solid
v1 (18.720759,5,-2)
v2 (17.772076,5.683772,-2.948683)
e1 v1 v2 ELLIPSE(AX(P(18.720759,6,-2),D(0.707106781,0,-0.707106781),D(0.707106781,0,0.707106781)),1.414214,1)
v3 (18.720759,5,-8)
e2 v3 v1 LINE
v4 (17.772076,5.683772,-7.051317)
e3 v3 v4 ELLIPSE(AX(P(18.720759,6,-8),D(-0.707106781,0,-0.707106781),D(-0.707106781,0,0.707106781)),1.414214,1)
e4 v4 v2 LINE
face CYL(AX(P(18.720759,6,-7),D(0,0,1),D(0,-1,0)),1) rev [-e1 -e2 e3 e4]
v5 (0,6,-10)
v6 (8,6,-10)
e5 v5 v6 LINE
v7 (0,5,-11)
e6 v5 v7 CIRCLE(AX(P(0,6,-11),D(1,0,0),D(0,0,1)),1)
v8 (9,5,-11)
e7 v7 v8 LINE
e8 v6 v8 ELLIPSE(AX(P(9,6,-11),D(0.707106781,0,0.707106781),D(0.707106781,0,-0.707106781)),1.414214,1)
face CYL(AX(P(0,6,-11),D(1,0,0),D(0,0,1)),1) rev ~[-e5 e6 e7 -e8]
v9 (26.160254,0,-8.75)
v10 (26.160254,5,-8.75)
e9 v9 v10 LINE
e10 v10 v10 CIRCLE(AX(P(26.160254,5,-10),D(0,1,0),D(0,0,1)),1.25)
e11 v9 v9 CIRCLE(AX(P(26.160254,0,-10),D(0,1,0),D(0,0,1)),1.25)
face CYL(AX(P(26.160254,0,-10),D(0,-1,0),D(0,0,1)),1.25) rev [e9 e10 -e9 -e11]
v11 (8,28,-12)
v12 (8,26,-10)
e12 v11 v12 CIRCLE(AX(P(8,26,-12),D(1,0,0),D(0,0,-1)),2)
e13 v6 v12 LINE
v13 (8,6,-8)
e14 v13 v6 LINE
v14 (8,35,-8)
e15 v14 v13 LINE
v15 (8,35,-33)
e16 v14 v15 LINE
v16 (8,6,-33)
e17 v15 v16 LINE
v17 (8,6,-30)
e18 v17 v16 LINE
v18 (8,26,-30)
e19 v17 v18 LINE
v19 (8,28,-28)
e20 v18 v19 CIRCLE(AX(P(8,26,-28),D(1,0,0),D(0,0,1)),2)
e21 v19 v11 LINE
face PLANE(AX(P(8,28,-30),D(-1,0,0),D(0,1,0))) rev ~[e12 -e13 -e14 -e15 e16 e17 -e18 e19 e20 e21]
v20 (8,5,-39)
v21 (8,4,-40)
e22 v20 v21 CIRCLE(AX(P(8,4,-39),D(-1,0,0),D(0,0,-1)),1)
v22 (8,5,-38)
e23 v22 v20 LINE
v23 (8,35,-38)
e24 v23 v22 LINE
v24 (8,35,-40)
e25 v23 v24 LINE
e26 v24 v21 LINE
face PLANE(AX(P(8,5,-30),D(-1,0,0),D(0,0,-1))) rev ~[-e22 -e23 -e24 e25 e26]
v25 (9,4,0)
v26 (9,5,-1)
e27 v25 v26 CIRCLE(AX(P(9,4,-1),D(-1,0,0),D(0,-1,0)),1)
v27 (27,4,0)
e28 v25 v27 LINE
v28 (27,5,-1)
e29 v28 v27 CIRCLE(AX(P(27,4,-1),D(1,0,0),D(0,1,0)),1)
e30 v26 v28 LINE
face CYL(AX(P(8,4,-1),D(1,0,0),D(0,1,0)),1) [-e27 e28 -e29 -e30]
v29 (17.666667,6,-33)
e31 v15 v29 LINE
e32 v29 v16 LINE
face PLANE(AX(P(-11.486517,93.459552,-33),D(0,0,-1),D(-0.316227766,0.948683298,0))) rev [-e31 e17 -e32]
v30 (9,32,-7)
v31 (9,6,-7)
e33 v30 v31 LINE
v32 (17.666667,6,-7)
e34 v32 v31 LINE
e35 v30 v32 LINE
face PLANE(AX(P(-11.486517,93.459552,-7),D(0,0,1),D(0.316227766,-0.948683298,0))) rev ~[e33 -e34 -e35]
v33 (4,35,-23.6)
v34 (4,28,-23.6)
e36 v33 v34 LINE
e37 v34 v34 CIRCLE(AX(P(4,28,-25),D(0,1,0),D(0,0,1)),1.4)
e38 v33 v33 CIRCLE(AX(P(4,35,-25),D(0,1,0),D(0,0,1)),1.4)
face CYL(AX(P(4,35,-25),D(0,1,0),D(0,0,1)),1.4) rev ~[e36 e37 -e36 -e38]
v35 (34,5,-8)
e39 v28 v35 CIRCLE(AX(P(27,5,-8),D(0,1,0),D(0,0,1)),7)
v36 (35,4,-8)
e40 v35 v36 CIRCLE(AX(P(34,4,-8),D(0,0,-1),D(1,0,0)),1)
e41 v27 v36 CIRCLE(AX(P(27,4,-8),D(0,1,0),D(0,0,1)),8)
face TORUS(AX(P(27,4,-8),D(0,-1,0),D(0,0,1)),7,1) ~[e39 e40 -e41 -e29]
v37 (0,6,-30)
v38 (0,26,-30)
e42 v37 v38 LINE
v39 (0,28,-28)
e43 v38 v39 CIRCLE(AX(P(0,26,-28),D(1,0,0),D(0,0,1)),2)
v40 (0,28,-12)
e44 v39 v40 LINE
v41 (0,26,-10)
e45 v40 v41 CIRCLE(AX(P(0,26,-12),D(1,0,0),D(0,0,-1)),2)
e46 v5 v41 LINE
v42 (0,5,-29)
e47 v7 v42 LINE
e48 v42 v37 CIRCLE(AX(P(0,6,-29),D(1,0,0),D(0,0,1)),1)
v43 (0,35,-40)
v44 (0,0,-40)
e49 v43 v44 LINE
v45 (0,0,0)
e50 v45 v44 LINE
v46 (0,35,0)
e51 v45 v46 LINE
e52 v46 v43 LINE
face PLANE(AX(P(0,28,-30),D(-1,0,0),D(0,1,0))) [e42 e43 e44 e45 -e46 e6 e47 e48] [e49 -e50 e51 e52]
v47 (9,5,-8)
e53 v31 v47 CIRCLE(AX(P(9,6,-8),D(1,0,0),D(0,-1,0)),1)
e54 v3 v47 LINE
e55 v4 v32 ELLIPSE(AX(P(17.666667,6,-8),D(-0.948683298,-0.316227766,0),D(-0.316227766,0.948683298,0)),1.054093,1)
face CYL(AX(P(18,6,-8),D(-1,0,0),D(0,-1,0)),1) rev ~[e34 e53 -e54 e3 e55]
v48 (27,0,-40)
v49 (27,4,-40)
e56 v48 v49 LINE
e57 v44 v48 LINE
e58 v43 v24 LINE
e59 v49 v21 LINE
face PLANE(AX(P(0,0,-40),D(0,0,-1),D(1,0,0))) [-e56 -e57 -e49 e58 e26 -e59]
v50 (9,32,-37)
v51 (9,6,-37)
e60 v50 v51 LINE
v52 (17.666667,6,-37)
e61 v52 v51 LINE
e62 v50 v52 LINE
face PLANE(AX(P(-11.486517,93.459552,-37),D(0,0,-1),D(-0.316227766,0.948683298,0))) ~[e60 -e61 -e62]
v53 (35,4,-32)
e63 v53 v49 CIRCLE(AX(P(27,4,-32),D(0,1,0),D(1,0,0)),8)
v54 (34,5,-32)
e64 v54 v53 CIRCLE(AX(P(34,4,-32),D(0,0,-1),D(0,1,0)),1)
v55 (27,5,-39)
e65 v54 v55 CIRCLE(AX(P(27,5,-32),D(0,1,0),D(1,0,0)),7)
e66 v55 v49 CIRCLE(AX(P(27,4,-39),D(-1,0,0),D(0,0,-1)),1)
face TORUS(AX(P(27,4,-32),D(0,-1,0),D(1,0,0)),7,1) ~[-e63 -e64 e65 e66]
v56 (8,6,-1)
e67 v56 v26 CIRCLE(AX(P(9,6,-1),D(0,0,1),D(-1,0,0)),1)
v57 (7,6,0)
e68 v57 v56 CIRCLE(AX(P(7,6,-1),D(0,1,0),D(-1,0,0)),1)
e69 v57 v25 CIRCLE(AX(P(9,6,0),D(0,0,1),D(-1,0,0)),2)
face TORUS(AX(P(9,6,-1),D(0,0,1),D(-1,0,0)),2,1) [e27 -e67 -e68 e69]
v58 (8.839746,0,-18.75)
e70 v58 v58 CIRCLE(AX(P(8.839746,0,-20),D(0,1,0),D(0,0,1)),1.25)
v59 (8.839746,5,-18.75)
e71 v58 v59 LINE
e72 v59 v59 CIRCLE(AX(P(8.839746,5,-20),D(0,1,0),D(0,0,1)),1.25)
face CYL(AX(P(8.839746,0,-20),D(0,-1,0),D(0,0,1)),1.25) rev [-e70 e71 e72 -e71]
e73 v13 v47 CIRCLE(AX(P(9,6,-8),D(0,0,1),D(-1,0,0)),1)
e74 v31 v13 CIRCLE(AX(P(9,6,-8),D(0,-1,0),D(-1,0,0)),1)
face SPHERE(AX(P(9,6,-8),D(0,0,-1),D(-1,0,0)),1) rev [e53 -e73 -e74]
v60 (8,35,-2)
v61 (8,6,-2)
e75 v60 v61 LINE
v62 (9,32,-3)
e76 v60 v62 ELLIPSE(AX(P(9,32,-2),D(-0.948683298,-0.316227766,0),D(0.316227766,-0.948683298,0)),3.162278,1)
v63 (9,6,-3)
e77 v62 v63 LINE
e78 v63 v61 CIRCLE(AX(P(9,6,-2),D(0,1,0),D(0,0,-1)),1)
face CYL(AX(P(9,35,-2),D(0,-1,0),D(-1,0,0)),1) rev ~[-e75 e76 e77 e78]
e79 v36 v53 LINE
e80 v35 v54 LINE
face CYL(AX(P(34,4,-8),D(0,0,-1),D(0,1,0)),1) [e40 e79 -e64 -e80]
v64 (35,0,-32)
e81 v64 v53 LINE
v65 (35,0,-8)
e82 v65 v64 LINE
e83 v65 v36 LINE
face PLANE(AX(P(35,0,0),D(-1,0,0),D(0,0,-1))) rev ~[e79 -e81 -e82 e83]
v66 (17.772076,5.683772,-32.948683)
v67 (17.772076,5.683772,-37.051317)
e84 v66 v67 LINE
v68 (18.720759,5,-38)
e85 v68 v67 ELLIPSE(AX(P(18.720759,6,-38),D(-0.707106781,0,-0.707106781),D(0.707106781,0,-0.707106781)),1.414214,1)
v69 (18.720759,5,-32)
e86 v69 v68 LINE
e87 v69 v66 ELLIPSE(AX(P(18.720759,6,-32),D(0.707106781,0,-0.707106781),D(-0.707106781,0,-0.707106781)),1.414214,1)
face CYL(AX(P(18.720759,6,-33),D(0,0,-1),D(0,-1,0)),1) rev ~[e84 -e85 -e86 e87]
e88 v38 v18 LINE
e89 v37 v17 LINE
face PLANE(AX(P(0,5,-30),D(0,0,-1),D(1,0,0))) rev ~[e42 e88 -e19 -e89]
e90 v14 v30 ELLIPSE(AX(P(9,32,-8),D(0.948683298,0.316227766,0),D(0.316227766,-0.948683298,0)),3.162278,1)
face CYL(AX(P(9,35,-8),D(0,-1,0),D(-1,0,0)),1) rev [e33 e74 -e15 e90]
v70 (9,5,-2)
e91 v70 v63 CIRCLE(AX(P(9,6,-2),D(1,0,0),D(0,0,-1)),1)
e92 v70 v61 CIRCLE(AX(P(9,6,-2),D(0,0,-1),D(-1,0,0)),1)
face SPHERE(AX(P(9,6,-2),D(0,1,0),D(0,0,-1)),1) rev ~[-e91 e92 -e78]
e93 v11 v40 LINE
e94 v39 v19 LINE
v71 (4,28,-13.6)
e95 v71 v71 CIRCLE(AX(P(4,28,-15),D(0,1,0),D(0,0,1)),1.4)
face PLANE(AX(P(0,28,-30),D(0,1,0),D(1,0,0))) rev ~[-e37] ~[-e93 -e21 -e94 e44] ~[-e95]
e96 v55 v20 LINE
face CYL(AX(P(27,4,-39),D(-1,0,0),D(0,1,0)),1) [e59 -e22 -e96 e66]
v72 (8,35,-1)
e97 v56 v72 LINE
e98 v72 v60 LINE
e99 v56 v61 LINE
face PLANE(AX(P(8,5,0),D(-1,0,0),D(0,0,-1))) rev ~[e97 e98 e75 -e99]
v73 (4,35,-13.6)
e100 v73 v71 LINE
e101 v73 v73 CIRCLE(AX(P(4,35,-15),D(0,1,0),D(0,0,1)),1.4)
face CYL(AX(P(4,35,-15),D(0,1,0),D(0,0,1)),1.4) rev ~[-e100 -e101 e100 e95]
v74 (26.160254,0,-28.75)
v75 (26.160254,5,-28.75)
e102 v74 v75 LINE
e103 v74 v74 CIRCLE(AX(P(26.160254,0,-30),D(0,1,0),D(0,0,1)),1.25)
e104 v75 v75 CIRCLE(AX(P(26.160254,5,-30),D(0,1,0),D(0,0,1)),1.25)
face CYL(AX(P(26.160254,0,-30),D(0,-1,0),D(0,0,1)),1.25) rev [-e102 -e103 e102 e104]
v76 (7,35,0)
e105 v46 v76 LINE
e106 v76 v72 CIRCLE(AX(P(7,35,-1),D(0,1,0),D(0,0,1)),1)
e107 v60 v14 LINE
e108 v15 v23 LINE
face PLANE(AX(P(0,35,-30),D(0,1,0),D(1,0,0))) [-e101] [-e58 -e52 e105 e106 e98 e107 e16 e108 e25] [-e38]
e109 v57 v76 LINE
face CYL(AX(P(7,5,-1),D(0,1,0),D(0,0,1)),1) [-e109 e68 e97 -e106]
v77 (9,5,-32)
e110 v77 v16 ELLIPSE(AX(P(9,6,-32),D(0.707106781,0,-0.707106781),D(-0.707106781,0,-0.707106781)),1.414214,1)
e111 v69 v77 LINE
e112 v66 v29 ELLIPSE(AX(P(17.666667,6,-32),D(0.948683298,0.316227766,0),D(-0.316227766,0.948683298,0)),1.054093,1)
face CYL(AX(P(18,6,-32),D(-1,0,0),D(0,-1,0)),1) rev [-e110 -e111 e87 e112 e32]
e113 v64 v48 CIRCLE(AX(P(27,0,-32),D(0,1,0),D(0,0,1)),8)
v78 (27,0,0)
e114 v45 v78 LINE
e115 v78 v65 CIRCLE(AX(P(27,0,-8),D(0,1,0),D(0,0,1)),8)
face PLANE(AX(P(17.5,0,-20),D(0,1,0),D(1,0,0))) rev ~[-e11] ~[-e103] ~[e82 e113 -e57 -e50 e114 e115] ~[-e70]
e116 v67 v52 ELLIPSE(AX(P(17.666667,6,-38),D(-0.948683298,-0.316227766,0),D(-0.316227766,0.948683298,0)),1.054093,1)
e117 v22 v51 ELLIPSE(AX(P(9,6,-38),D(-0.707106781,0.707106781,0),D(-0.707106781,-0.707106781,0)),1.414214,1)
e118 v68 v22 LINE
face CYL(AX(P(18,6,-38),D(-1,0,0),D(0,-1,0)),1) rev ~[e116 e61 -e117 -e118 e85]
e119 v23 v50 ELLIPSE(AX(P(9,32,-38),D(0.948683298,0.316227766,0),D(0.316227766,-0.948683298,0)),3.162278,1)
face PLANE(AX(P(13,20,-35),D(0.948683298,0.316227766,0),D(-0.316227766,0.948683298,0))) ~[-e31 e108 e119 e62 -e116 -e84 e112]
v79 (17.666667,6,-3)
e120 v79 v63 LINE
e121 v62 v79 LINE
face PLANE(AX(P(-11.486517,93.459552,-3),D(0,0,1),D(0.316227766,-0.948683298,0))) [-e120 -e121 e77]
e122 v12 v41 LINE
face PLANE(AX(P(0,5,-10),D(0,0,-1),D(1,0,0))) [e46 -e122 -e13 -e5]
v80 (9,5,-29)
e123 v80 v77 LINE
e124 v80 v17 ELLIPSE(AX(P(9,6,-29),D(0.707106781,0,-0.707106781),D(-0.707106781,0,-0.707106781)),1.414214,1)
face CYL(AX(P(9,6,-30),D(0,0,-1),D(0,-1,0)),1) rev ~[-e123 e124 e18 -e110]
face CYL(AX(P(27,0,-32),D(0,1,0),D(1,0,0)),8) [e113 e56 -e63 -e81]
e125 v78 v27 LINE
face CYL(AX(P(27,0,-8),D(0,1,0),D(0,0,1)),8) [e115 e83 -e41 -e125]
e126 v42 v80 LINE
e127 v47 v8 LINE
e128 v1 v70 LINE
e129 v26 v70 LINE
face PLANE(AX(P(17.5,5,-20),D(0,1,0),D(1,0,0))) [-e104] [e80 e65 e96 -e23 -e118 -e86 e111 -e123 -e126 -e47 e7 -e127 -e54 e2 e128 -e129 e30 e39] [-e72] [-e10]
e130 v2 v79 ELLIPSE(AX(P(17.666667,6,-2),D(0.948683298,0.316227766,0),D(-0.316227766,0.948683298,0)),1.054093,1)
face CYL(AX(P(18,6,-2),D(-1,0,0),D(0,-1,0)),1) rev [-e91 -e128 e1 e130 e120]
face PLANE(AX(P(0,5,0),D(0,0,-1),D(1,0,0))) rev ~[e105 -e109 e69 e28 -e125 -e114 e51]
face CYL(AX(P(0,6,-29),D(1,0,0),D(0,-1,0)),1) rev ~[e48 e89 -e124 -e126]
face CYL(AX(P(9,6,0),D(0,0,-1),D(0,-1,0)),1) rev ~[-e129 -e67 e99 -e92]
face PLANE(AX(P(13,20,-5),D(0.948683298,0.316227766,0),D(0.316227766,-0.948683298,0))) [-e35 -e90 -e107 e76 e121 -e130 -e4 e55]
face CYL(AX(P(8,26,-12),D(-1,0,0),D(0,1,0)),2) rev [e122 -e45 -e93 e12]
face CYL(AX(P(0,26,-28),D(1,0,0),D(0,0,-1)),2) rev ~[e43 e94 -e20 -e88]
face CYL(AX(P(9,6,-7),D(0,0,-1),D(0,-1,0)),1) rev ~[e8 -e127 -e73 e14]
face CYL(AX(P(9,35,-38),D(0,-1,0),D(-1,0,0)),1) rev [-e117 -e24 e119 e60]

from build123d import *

# Parameters (mm, degrees)
SKETCH1_W           = 35
SKETCH1_H           = 40
SKETCH1_R           = 1.25
BOSS_EXTRUDE1_DEPTH = 5
FILLET1_R           = 8
FILLET2_R           = 8
SKETCH2_W           = 8
SKETCH2_H           = 10
BOSS_EXTRUDE2_DEPTH = 30
RIB1_REACH          = 62.622
SKETCH4_WALL_W      = 154.866333132
SKETCH4_WALL_H      = 4
BOSS_EXTRUDE3_REACH = 59.879
SKETCH5_W           = 8
SKETCH5_H           = 7
CUT_EXTRUDE1_REACH  = 65.64
SKETCH6_R           = 1.4
FILLET7_R           = 1
FILLET8_R           = 2


with BuildPart() as part:
    # Sketch1 → Boss-Extrude1 (new body)
    with BuildSketch(Plane(origin=(0, 0, 0), x_dir=(1, 0, 0), z_dir=(0, 1, 0))):
        with Locations((17.5, 20)):
            Rectangle(SKETCH1_W, SKETCH1_H)
        with Locations(Location((26.160254038, 30, 0), (0, 0, 270))):
            Circle(SKETCH1_R, mode=Mode.SUBTRACT)
        with Locations(Location((8.839745962, 20, 0), (0, 0, 270))):
            Circle(SKETCH1_R, mode=Mode.SUBTRACT)
        with Locations(Location((26.160254038, 10, 0), (0, 0, 270))):
            Circle(SKETCH1_R, mode=Mode.SUBTRACT)
    extrude(amount=BOSS_EXTRUDE1_DEPTH)

    # Fillet1
    fillet1_edges = [part.edges().sort_by_distance(p)[0] for p in [
        (35, 2.5, 0),
    ]]
    fillet(fillet1_edges, radius=FILLET1_R)

    # Fillet2
    fillet2_edges = [part.edges().sort_by_distance(p)[0] for p in [
        (35, 2.5, -40),
    ]]
    fillet(fillet2_edges, radius=FILLET2_R)

    # Sketch2 → Boss-Extrude2 (add)
    with BuildSketch(Plane(origin=(0, 5, 0), x_dir=(1, 0, 0), z_dir=(0, 1, 0))):
        with Locations((4, 5)):
            Rectangle(SKETCH2_W, SKETCH2_H)
        with Locations((4, 35)):
            Rectangle(SKETCH2_W, SKETCH2_H)
    extrude(amount=BOSS_EXTRUDE2_DEPTH)

    # Sketch4 wall → Rib1 (add, up to next)
    with BuildSketch(Plane(origin=(13, 20, -5), x_dir=(0.316227766017, -0.948683298051, 0), z_dir=(0.948683298051, 0.316227766017, 0)), mode=Mode.PRIVATE) as rib1_sk1:
        Rectangle(SKETCH4_WALL_W, SKETCH4_WALL_H)
    rib1_tool1 = extrude(rib1_sk1.sketch, amount=-RIB1_REACH, mode=Mode.PRIVATE) - part.part
    rib1 = rib1_tool1.solids().sort_by_distance((13, 20, -5))[0]
    add(rib1)

    # Mirror2: Rib1 across plane
    add(rib1.mirror(Plane(origin=(0, 0, -20), x_dir=(1, 0, 0), z_dir=(0, 0, -1))))

    # Sketch5 → Boss-Extrude3 (add, up to next)
    with BuildSketch(Plane.XY.offset(-30), mode=Mode.PRIVATE) as boss_extrude3_sk1:
        with Locations((4, 31.5)):
            Rectangle(SKETCH5_W, SKETCH5_H)
    boss_extrude3_tool1 = extrude(boss_extrude3_sk1.sketch, amount=BOSS_EXTRUDE3_REACH, mode=Mode.PRIVATE) - part.part
    add(boss_extrude3_tool1.solids().sort_by_distance((4, 31.5, -30))[0])

    # Sketch6 → Cut-Extrude1 (cut, up to next)
    with BuildSketch(Plane(origin=(0, 35, 0), x_dir=(1, 0, 0), z_dir=(0, 1, 0)), mode=Mode.PRIVATE) as cut_extrude1_sk1:
        with Locations(Location((4, 15, 0), (0, 0, 270))):
            Circle(SKETCH6_R)
    cut_extrude1_tool1 = extrude(cut_extrude1_sk1.sketch, amount=-CUT_EXTRUDE1_REACH, mode=Mode.PRIVATE) & part.part
    # Sketch6 → Cut-Extrude1 (cut, up to next)
    with BuildSketch(Plane(origin=(0, 35, 0), x_dir=(1, 0, 0), z_dir=(0, 1, 0)), mode=Mode.PRIVATE) as cut_extrude1_sk2:
        with Locations(Location((4, 25, 0), (0, 0, 270))):
            Circle(SKETCH6_R)
    cut_extrude1_tool2 = extrude(cut_extrude1_sk2.sketch, amount=-CUT_EXTRUDE1_REACH, mode=Mode.PRIVATE) & part.part
    add(cut_extrude1_tool1.solids().sort_by_distance((4, 35, -15))[0], mode=Mode.SUBTRACT)
    add(cut_extrude1_tool2.solids().sort_by_distance((4, 35, -25))[0], mode=Mode.SUBTRACT)

    # Fillet7
    fillet7_edges = [part.edges().sort_by_distance(p)[0] for p in [
        (8, 20, 0),
        (32.656854249, 5, -37.656854249),
        (17.5, 5, -40),
        (8, 20, -37),
        (13, 5, -37),
        (18, 5, -35),
        (13, 5, -33),
        (8, 5, -31.5),
        (4, 5, -30),
        (4, 5, -10),
        (8, 5, -8.5),
        (35, 5, -20),
        (32.656854249, 5, -2.343145751),
        (8, 20, -3),
        (8, 20, -7),
        (13, 5, -7),
        (18, 5, -5),
        (13, 5, -3),
        (17.5, 5, 0),
        (8, 5, -1.5),
    ]]
    fillet(fillet7_edges, radius=FILLET7_R)

    # Fillet8
    fillet8_edges = [part.edges().sort_by_distance(p)[0] for p in [
        (4, 28, -10),
        (4, 28, -30),
    ]]
    fillet(fillet8_edges, radius=FILLET8_R)


solid = part.part
